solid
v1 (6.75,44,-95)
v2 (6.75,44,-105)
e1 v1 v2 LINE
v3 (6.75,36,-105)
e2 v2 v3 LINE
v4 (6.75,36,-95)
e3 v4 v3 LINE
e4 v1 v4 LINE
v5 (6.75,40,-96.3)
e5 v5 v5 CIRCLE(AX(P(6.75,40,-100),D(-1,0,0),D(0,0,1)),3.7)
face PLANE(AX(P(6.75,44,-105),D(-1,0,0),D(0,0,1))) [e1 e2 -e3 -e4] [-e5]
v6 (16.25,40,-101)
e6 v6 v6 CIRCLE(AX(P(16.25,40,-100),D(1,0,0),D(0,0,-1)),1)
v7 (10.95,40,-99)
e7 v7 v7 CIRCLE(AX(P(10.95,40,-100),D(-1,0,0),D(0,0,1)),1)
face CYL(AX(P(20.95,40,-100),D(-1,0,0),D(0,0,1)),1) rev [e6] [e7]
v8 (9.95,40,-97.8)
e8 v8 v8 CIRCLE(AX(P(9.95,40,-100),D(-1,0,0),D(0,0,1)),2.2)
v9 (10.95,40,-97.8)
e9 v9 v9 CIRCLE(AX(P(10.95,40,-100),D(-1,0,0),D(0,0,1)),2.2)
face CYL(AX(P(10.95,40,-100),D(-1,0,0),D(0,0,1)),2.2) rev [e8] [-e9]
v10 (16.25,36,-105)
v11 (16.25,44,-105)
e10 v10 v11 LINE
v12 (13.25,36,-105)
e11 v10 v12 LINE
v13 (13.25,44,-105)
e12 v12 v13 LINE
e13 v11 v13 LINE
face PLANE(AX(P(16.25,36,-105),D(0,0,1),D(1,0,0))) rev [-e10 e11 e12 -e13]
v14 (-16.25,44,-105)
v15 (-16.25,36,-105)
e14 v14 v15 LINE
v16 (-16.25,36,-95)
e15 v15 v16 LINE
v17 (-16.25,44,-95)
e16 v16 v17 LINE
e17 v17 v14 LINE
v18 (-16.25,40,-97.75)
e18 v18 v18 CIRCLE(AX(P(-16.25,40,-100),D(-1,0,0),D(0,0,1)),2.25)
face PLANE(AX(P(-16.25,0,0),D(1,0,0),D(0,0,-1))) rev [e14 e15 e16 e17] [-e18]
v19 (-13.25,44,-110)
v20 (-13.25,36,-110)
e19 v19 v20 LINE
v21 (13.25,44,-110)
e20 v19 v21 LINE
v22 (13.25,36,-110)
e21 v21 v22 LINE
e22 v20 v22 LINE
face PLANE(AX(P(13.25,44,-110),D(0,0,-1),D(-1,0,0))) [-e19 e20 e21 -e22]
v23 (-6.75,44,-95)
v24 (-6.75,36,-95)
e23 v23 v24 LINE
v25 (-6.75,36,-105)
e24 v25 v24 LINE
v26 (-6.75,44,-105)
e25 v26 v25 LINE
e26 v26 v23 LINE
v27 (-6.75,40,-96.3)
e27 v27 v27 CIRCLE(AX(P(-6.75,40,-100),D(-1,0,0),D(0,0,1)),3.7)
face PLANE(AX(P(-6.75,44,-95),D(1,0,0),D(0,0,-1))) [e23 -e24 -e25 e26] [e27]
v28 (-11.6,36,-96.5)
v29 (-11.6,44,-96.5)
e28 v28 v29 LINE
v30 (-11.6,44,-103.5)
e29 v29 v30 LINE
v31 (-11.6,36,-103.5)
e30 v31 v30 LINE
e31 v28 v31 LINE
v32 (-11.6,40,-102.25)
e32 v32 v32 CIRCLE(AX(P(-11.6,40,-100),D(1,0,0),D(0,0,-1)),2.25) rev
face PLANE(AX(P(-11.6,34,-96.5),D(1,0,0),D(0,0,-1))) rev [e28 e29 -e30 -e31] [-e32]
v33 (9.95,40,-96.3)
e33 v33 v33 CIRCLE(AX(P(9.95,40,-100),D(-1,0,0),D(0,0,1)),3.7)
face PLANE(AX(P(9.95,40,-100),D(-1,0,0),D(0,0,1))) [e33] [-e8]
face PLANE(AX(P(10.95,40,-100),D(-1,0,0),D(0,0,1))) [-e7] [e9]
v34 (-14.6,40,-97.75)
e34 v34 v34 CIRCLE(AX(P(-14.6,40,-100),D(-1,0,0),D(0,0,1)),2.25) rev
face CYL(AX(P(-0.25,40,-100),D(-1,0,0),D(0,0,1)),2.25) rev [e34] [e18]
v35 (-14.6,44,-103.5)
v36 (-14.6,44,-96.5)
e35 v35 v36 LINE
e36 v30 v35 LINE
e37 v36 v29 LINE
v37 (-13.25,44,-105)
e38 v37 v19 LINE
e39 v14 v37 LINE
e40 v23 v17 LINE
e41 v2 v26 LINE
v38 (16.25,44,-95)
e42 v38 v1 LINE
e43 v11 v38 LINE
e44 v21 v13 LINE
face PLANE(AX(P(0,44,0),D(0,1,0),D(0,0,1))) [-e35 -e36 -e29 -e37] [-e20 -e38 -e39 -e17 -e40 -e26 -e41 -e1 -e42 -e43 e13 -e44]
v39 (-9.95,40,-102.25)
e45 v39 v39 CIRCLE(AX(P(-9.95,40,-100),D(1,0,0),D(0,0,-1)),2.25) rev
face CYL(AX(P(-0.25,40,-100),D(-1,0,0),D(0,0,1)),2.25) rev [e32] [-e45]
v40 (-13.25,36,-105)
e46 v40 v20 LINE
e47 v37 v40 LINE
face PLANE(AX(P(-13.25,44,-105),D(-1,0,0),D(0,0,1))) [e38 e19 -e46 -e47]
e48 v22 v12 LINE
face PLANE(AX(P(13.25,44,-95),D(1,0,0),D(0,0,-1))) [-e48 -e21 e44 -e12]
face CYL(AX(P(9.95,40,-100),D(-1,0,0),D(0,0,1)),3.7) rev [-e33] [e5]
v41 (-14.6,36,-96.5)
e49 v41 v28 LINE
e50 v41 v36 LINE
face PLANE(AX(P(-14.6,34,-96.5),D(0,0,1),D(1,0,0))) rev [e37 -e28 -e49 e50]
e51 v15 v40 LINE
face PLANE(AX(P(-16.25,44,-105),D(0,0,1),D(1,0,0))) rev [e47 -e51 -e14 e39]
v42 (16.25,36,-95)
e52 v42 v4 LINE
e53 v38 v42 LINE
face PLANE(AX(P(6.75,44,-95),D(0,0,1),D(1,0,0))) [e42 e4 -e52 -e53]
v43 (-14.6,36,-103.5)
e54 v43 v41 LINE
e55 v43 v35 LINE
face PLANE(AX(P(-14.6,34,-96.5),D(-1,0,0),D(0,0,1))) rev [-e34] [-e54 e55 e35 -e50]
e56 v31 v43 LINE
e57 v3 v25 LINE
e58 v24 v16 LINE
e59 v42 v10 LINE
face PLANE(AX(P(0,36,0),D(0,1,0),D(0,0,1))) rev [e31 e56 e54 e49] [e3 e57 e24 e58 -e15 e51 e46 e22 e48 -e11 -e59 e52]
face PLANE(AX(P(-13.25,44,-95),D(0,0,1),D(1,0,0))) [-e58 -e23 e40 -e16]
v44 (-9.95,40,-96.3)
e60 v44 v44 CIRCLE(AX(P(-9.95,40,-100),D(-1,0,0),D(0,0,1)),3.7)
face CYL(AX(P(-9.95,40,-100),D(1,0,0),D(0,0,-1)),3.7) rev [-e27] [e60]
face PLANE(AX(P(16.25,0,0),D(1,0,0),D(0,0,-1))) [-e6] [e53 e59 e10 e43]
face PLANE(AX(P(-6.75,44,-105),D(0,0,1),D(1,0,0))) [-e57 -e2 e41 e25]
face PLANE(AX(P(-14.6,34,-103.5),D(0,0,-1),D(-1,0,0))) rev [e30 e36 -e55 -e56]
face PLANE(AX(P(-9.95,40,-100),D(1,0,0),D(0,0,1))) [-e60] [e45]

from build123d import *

# Parameters (mm, degrees)
SHAPE_DEPTH                   = 4
SHAPE_DEPTH_BACK              = 4
ESQUISSE19_R                  = 2.25
HOLEAXE_MOTOR_DEPTH           = 13
ESQUISSE20_R                  = 3.7
HOLEBEARING_MOTOR_DEPTH       = 3.2
ESQUISSE21_R                  = 2.2
ENTRETOISEBEARING_MOTOR_DEPTH = 1
EXT_MOTOR_START               = 3
ESQUISSE22_W                  = 10
ESQUISSE22_H                  = 8
ESQUISSE22_R                  = 2.25
EXT_MOTOR_DEPTH               = 3
ESQUISSE23_W                  = 3
ESQUISSE23_H                  = 7
HOLESCREWLESS_MOTOR_DEPTH     = 10
ESQUISSE24_W                  = 10
ESQUISSE24_H                  = 8
BOSS_EXTRU_1_DEPTH            = 3
ESQUISSE25_R                  = 1
REMOVE_HELPER_DEPTH           = 10


with BuildPart() as part:
    # Esquisse17 → Shape (new, two sides: drawn at the far end of the back side and taken through both)
    with BuildSketch(Plane(origin=(0, 40, 0), x_dir=(-1, 0, 0), z_dir=(0, -1, 0)).offset(-SHAPE_DEPTH_BACK)):
        Polygon((13.25, 105), (13.25, 95), (6.75, 95), (6.75, 105), (-6.75, 105), (-6.75, 95), (-13.25, 95), (-13.25, 105), (-13.25, 110), (13.25, 110), align=None)
    extrude(amount=SHAPE_DEPTH + SHAPE_DEPTH_BACK)

    # Esquisse19 → HoleAxe_motor (cut)
    with BuildSketch(Plane.ZY.offset(13.25)):
        with Locations((-100, 40)):
            Circle(ESQUISSE19_R)
    extrude(amount=-HOLEAXE_MOTOR_DEPTH, mode=Mode.SUBTRACT)

    # Esquisse20 → HoleBearing_motor (cut)
    with BuildSketch(Plane.ZY.offset(-6.75)):
        with Locations((-100, 40)):
            Circle(ESQUISSE20_R)
    holebearing_motor = extrude(amount=-HOLEBEARING_MOTOR_DEPTH, mode=Mode.SUBTRACT)

    # Symétrie3: HoleBearing_motor across plane
    add(holebearing_motor.mirror(Plane(origin=(0, 0, 0), x_dir=(0, 0, 1), z_dir=(1, 0, 0))), mode=Mode.SUBTRACT)

    # Esquisse21 → entretoiseBearing_motor (cut)
    with BuildSketch(Plane.ZY.offset(-9.95)):
        with Locations((-100, 40)):
            Circle(ESQUISSE21_R)
    extrude(amount=-ENTRETOISEBEARING_MOTOR_DEPTH, mode=Mode.SUBTRACT)

    # Esquisse22 → Ext_motor (add)
    with BuildSketch(Plane.ZY.offset(13.25).offset(EXT_MOTOR_START)):
        with Locations((-100, 40)):
            Rectangle(ESQUISSE22_W, ESQUISSE22_H)
        with Locations((-100, 40)):
            Circle(ESQUISSE22_R, mode=Mode.SUBTRACT)
    extrude(amount=-EXT_MOTOR_DEPTH)

    # Esquisse23 → HoleScrewLess_motor (cut)
    with BuildSketch(Plane(origin=(0, 44, 0), x_dir=(1, 0, 0), z_dir=(0, 1, 0))):
        with Locations((-13.1, 100)):
            Rectangle(ESQUISSE23_W, ESQUISSE23_H)
    extrude(amount=-HOLESCREWLESS_MOTOR_DEPTH, mode=Mode.SUBTRACT)

    # Esquisse24 → Boss.-Extru.1 (add)
    with BuildSketch(Plane(origin=(13.25, 0, 0), x_dir=(0, 0, -1), z_dir=(1, 0, 0))):
        with Locations((100, 40)):
            Rectangle(ESQUISSE24_W, ESQUISSE24_H)
    extrude(amount=BOSS_EXTRU_1_DEPTH)

    # Esquisse25 → Remove helper (cut)
    with BuildSketch(Plane.ZY.offset(-10.95)):
        with Locations((-100, 40)):
            Circle(ESQUISSE25_R)
    extrude(amount=-REMOVE_HELPER_DEPTH, mode=Mode.SUBTRACT)


solid = part.part
